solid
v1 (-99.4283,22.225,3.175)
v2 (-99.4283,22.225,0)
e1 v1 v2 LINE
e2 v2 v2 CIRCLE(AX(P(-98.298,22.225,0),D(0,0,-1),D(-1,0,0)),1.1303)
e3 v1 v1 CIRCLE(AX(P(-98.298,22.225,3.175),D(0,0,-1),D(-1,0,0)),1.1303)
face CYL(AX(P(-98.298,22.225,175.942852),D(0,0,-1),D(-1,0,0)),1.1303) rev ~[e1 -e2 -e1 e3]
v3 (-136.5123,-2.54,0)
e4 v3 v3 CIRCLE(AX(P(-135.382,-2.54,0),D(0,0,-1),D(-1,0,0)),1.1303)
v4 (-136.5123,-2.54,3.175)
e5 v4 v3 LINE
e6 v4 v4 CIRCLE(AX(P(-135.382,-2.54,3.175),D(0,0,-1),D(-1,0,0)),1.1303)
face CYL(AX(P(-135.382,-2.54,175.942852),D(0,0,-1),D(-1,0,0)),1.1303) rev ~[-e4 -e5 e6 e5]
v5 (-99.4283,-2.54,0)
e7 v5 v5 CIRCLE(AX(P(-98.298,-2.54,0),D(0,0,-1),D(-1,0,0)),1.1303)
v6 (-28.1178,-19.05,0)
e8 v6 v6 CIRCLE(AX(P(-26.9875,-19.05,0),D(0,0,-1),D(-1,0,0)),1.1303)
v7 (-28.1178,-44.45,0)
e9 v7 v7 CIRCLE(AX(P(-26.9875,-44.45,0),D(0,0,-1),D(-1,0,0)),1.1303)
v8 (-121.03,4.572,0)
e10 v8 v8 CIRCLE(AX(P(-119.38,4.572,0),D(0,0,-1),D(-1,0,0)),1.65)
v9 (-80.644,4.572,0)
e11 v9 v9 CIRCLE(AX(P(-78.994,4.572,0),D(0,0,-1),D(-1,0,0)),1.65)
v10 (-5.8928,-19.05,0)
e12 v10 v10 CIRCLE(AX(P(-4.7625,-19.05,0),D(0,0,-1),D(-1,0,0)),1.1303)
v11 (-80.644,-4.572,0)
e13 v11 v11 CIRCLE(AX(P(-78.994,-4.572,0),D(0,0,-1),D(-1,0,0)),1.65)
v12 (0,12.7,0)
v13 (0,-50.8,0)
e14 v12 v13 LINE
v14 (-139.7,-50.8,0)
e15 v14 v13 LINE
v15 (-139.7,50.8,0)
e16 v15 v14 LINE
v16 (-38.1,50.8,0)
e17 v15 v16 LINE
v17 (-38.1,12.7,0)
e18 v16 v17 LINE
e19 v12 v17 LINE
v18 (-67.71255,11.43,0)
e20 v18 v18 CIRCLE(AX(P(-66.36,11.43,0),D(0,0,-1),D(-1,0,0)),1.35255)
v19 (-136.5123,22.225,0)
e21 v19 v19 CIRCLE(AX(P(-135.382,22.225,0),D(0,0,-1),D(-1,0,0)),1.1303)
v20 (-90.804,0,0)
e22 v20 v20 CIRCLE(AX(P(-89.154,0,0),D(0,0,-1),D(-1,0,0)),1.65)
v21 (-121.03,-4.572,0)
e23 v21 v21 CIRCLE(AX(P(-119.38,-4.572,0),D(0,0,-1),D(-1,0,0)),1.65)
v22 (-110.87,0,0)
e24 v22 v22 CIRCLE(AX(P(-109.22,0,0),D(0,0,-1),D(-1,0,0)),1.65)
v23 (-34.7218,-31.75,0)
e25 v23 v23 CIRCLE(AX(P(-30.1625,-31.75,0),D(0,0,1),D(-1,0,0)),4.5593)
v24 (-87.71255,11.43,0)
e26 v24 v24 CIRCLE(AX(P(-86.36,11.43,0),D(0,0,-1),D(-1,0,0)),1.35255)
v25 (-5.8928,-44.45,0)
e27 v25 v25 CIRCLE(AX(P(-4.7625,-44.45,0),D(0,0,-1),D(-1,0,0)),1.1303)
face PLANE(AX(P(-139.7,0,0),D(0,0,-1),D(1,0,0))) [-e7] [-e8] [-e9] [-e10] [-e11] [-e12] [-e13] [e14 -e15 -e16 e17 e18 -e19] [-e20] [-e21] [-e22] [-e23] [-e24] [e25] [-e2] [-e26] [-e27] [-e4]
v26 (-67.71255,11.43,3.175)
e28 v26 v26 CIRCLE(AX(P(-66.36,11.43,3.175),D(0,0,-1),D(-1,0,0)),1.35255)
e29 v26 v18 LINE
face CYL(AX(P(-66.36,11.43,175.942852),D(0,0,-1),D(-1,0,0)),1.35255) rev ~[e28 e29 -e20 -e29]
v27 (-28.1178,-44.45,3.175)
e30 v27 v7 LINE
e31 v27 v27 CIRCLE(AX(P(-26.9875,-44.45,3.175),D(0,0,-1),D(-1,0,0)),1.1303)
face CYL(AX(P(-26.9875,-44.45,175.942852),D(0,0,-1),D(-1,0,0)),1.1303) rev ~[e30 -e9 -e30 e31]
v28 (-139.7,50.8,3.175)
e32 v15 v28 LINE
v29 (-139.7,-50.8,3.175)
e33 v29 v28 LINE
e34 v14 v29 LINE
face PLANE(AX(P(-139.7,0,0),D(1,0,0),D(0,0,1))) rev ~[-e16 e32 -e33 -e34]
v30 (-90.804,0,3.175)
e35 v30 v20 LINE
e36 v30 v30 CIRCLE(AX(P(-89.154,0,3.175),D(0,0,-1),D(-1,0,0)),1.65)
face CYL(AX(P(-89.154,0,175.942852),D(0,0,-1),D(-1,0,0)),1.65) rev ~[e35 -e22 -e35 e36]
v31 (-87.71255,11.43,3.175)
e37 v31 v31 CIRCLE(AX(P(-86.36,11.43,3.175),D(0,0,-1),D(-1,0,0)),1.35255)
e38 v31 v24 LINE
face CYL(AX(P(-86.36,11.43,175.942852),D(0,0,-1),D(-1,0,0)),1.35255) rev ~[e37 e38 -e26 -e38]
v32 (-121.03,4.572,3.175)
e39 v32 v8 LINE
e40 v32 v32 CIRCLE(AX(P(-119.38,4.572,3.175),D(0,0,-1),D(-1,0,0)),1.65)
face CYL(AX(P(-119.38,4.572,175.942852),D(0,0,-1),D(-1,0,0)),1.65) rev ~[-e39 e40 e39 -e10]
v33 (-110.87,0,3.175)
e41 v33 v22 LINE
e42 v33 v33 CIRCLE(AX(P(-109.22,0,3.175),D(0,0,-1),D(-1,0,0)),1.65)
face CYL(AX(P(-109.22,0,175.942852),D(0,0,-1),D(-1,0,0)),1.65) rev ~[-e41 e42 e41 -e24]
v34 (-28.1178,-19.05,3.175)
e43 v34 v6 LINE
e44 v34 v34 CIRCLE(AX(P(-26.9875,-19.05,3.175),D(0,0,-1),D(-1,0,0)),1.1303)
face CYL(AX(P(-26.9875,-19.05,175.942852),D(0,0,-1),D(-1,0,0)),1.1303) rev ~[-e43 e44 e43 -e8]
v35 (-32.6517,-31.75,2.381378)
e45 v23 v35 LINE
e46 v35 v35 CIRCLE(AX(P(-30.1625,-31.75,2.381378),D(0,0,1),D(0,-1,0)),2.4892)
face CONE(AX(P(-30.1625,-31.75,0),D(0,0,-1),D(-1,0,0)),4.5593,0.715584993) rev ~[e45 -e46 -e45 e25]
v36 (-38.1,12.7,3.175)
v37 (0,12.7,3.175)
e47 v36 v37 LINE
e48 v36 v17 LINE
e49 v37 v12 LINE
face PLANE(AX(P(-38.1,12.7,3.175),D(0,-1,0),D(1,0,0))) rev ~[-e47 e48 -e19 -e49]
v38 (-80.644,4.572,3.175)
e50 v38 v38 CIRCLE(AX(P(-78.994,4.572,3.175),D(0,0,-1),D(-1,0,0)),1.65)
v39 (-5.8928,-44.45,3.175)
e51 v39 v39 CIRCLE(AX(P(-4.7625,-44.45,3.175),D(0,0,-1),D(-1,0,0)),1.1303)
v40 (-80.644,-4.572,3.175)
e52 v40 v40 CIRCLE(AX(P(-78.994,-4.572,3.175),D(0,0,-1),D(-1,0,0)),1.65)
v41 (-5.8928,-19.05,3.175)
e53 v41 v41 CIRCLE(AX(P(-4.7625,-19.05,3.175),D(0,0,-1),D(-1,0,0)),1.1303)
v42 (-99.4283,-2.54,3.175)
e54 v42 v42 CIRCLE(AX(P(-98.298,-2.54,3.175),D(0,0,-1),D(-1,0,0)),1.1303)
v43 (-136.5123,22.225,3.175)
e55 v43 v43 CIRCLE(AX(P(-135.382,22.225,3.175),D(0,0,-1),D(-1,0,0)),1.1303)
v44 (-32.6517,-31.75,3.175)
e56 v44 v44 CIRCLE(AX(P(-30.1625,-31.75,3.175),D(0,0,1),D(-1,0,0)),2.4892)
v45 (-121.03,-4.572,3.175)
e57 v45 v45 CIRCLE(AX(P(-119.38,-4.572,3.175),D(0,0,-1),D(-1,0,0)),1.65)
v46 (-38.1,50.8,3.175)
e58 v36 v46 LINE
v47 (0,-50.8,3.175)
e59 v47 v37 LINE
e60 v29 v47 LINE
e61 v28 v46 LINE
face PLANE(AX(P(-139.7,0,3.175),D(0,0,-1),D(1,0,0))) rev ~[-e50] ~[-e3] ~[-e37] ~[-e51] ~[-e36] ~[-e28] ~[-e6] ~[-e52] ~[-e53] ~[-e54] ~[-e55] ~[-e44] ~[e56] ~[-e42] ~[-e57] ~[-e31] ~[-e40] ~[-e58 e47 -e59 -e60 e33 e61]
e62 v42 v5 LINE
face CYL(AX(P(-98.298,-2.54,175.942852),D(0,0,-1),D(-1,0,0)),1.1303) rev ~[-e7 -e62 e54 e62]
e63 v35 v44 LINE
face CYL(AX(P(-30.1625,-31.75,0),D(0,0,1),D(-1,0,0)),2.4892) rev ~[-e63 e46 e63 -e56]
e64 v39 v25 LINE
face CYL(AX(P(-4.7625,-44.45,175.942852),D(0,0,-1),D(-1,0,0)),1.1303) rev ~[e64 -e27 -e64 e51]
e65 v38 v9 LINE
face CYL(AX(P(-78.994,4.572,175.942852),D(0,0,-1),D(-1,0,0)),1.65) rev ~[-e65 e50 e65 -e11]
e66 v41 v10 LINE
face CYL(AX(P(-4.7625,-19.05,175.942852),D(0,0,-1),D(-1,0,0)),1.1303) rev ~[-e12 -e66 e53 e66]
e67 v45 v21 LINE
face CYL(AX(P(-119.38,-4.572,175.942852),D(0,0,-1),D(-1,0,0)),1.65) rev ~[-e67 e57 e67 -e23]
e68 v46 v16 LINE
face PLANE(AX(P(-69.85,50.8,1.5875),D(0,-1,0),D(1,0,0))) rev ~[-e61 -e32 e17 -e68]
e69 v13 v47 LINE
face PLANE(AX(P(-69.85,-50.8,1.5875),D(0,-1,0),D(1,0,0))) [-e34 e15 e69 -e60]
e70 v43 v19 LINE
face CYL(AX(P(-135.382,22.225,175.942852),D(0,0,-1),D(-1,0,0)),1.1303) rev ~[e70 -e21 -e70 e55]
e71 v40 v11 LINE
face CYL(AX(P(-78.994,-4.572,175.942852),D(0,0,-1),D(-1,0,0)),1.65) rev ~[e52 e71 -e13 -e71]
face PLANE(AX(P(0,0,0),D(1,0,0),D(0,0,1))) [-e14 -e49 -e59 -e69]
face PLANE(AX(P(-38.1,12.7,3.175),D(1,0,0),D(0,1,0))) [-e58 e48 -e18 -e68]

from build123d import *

# Parameters (mm, degrees)
F0_W            = 139.7
F0_H            = 3.175
F1_DEPTH        = 50.8
F3_D            = 3.3
F4_W            = 38.1
F4_H            = 38.1
F5_DEPTH        = 3.176
F7_D            = 2.2606
F9_D            = 2.7051
F11_D           = 2.2606
F13_D           = 4.9784
F13_CSINK_D     = 9.1186
F13_CSINK_ANGLE = 82


with BuildPart() as f1:
    # F0 (on Front) → F1 (new body, symmetric)
    with BuildSketch(Plane.XZ):
        with Locations((-69.85, 1.5875)):
            Rectangle(F0_W, F0_H)
    extrude(amount=F1_DEPTH, both=True)

    # F3 (through all)
    with Locations(Plane.XY.offset(3.175)):
        with Locations((-78.994, 4.572), (-78.994, -4.572), (-89.154, 0), (-109.22, 0), (-119.38, 4.572), (-119.38, -4.572)):
            Hole(F3_D / 2)

    # F4 (on face) → F5 (cut, through all)
    with BuildSketch(Plane.XY.offset(3.175)):
        with Locations((-19.05, 31.75)):
            Rectangle(F4_W, F4_H)
    extrude(amount=-F5_DEPTH, mode=Mode.SUBTRACT)

    # F7 (through all)
    with Locations(Plane.XY.offset(3.175)):
        with Locations((-26.9875, -44.45), (-26.9875, -19.05), (-4.7625, -19.05), (-4.7625, -44.45)):
            Hole(F7_D / 2)

    # F9 (through all)
    with Locations(Plane.XY.offset(3.175)):
        with Locations((-86.36, 11.43), (-66.36, 11.43)):
            Hole(F9_D / 2)

    # F11 (through all)
    with Locations(Plane.XY.offset(3.175)):
        with Locations((-135.382, -2.54), (-98.298, -2.54), (-98.298, 22.225), (-135.382, 22.225)):
            Hole(F11_D / 2)

    # F13 (through all)
    with Locations(Plane(origin=(0, 0, 0), x_dir=(1, 0, 0), z_dir=(0, 0, -1))):
        with Locations((-30.1625, 31.75)):
            CounterSinkHole(F13_D / 2, F13_CSINK_D / 2, counter_sink_angle=F13_CSINK_ANGLE)


solid = f1.part
